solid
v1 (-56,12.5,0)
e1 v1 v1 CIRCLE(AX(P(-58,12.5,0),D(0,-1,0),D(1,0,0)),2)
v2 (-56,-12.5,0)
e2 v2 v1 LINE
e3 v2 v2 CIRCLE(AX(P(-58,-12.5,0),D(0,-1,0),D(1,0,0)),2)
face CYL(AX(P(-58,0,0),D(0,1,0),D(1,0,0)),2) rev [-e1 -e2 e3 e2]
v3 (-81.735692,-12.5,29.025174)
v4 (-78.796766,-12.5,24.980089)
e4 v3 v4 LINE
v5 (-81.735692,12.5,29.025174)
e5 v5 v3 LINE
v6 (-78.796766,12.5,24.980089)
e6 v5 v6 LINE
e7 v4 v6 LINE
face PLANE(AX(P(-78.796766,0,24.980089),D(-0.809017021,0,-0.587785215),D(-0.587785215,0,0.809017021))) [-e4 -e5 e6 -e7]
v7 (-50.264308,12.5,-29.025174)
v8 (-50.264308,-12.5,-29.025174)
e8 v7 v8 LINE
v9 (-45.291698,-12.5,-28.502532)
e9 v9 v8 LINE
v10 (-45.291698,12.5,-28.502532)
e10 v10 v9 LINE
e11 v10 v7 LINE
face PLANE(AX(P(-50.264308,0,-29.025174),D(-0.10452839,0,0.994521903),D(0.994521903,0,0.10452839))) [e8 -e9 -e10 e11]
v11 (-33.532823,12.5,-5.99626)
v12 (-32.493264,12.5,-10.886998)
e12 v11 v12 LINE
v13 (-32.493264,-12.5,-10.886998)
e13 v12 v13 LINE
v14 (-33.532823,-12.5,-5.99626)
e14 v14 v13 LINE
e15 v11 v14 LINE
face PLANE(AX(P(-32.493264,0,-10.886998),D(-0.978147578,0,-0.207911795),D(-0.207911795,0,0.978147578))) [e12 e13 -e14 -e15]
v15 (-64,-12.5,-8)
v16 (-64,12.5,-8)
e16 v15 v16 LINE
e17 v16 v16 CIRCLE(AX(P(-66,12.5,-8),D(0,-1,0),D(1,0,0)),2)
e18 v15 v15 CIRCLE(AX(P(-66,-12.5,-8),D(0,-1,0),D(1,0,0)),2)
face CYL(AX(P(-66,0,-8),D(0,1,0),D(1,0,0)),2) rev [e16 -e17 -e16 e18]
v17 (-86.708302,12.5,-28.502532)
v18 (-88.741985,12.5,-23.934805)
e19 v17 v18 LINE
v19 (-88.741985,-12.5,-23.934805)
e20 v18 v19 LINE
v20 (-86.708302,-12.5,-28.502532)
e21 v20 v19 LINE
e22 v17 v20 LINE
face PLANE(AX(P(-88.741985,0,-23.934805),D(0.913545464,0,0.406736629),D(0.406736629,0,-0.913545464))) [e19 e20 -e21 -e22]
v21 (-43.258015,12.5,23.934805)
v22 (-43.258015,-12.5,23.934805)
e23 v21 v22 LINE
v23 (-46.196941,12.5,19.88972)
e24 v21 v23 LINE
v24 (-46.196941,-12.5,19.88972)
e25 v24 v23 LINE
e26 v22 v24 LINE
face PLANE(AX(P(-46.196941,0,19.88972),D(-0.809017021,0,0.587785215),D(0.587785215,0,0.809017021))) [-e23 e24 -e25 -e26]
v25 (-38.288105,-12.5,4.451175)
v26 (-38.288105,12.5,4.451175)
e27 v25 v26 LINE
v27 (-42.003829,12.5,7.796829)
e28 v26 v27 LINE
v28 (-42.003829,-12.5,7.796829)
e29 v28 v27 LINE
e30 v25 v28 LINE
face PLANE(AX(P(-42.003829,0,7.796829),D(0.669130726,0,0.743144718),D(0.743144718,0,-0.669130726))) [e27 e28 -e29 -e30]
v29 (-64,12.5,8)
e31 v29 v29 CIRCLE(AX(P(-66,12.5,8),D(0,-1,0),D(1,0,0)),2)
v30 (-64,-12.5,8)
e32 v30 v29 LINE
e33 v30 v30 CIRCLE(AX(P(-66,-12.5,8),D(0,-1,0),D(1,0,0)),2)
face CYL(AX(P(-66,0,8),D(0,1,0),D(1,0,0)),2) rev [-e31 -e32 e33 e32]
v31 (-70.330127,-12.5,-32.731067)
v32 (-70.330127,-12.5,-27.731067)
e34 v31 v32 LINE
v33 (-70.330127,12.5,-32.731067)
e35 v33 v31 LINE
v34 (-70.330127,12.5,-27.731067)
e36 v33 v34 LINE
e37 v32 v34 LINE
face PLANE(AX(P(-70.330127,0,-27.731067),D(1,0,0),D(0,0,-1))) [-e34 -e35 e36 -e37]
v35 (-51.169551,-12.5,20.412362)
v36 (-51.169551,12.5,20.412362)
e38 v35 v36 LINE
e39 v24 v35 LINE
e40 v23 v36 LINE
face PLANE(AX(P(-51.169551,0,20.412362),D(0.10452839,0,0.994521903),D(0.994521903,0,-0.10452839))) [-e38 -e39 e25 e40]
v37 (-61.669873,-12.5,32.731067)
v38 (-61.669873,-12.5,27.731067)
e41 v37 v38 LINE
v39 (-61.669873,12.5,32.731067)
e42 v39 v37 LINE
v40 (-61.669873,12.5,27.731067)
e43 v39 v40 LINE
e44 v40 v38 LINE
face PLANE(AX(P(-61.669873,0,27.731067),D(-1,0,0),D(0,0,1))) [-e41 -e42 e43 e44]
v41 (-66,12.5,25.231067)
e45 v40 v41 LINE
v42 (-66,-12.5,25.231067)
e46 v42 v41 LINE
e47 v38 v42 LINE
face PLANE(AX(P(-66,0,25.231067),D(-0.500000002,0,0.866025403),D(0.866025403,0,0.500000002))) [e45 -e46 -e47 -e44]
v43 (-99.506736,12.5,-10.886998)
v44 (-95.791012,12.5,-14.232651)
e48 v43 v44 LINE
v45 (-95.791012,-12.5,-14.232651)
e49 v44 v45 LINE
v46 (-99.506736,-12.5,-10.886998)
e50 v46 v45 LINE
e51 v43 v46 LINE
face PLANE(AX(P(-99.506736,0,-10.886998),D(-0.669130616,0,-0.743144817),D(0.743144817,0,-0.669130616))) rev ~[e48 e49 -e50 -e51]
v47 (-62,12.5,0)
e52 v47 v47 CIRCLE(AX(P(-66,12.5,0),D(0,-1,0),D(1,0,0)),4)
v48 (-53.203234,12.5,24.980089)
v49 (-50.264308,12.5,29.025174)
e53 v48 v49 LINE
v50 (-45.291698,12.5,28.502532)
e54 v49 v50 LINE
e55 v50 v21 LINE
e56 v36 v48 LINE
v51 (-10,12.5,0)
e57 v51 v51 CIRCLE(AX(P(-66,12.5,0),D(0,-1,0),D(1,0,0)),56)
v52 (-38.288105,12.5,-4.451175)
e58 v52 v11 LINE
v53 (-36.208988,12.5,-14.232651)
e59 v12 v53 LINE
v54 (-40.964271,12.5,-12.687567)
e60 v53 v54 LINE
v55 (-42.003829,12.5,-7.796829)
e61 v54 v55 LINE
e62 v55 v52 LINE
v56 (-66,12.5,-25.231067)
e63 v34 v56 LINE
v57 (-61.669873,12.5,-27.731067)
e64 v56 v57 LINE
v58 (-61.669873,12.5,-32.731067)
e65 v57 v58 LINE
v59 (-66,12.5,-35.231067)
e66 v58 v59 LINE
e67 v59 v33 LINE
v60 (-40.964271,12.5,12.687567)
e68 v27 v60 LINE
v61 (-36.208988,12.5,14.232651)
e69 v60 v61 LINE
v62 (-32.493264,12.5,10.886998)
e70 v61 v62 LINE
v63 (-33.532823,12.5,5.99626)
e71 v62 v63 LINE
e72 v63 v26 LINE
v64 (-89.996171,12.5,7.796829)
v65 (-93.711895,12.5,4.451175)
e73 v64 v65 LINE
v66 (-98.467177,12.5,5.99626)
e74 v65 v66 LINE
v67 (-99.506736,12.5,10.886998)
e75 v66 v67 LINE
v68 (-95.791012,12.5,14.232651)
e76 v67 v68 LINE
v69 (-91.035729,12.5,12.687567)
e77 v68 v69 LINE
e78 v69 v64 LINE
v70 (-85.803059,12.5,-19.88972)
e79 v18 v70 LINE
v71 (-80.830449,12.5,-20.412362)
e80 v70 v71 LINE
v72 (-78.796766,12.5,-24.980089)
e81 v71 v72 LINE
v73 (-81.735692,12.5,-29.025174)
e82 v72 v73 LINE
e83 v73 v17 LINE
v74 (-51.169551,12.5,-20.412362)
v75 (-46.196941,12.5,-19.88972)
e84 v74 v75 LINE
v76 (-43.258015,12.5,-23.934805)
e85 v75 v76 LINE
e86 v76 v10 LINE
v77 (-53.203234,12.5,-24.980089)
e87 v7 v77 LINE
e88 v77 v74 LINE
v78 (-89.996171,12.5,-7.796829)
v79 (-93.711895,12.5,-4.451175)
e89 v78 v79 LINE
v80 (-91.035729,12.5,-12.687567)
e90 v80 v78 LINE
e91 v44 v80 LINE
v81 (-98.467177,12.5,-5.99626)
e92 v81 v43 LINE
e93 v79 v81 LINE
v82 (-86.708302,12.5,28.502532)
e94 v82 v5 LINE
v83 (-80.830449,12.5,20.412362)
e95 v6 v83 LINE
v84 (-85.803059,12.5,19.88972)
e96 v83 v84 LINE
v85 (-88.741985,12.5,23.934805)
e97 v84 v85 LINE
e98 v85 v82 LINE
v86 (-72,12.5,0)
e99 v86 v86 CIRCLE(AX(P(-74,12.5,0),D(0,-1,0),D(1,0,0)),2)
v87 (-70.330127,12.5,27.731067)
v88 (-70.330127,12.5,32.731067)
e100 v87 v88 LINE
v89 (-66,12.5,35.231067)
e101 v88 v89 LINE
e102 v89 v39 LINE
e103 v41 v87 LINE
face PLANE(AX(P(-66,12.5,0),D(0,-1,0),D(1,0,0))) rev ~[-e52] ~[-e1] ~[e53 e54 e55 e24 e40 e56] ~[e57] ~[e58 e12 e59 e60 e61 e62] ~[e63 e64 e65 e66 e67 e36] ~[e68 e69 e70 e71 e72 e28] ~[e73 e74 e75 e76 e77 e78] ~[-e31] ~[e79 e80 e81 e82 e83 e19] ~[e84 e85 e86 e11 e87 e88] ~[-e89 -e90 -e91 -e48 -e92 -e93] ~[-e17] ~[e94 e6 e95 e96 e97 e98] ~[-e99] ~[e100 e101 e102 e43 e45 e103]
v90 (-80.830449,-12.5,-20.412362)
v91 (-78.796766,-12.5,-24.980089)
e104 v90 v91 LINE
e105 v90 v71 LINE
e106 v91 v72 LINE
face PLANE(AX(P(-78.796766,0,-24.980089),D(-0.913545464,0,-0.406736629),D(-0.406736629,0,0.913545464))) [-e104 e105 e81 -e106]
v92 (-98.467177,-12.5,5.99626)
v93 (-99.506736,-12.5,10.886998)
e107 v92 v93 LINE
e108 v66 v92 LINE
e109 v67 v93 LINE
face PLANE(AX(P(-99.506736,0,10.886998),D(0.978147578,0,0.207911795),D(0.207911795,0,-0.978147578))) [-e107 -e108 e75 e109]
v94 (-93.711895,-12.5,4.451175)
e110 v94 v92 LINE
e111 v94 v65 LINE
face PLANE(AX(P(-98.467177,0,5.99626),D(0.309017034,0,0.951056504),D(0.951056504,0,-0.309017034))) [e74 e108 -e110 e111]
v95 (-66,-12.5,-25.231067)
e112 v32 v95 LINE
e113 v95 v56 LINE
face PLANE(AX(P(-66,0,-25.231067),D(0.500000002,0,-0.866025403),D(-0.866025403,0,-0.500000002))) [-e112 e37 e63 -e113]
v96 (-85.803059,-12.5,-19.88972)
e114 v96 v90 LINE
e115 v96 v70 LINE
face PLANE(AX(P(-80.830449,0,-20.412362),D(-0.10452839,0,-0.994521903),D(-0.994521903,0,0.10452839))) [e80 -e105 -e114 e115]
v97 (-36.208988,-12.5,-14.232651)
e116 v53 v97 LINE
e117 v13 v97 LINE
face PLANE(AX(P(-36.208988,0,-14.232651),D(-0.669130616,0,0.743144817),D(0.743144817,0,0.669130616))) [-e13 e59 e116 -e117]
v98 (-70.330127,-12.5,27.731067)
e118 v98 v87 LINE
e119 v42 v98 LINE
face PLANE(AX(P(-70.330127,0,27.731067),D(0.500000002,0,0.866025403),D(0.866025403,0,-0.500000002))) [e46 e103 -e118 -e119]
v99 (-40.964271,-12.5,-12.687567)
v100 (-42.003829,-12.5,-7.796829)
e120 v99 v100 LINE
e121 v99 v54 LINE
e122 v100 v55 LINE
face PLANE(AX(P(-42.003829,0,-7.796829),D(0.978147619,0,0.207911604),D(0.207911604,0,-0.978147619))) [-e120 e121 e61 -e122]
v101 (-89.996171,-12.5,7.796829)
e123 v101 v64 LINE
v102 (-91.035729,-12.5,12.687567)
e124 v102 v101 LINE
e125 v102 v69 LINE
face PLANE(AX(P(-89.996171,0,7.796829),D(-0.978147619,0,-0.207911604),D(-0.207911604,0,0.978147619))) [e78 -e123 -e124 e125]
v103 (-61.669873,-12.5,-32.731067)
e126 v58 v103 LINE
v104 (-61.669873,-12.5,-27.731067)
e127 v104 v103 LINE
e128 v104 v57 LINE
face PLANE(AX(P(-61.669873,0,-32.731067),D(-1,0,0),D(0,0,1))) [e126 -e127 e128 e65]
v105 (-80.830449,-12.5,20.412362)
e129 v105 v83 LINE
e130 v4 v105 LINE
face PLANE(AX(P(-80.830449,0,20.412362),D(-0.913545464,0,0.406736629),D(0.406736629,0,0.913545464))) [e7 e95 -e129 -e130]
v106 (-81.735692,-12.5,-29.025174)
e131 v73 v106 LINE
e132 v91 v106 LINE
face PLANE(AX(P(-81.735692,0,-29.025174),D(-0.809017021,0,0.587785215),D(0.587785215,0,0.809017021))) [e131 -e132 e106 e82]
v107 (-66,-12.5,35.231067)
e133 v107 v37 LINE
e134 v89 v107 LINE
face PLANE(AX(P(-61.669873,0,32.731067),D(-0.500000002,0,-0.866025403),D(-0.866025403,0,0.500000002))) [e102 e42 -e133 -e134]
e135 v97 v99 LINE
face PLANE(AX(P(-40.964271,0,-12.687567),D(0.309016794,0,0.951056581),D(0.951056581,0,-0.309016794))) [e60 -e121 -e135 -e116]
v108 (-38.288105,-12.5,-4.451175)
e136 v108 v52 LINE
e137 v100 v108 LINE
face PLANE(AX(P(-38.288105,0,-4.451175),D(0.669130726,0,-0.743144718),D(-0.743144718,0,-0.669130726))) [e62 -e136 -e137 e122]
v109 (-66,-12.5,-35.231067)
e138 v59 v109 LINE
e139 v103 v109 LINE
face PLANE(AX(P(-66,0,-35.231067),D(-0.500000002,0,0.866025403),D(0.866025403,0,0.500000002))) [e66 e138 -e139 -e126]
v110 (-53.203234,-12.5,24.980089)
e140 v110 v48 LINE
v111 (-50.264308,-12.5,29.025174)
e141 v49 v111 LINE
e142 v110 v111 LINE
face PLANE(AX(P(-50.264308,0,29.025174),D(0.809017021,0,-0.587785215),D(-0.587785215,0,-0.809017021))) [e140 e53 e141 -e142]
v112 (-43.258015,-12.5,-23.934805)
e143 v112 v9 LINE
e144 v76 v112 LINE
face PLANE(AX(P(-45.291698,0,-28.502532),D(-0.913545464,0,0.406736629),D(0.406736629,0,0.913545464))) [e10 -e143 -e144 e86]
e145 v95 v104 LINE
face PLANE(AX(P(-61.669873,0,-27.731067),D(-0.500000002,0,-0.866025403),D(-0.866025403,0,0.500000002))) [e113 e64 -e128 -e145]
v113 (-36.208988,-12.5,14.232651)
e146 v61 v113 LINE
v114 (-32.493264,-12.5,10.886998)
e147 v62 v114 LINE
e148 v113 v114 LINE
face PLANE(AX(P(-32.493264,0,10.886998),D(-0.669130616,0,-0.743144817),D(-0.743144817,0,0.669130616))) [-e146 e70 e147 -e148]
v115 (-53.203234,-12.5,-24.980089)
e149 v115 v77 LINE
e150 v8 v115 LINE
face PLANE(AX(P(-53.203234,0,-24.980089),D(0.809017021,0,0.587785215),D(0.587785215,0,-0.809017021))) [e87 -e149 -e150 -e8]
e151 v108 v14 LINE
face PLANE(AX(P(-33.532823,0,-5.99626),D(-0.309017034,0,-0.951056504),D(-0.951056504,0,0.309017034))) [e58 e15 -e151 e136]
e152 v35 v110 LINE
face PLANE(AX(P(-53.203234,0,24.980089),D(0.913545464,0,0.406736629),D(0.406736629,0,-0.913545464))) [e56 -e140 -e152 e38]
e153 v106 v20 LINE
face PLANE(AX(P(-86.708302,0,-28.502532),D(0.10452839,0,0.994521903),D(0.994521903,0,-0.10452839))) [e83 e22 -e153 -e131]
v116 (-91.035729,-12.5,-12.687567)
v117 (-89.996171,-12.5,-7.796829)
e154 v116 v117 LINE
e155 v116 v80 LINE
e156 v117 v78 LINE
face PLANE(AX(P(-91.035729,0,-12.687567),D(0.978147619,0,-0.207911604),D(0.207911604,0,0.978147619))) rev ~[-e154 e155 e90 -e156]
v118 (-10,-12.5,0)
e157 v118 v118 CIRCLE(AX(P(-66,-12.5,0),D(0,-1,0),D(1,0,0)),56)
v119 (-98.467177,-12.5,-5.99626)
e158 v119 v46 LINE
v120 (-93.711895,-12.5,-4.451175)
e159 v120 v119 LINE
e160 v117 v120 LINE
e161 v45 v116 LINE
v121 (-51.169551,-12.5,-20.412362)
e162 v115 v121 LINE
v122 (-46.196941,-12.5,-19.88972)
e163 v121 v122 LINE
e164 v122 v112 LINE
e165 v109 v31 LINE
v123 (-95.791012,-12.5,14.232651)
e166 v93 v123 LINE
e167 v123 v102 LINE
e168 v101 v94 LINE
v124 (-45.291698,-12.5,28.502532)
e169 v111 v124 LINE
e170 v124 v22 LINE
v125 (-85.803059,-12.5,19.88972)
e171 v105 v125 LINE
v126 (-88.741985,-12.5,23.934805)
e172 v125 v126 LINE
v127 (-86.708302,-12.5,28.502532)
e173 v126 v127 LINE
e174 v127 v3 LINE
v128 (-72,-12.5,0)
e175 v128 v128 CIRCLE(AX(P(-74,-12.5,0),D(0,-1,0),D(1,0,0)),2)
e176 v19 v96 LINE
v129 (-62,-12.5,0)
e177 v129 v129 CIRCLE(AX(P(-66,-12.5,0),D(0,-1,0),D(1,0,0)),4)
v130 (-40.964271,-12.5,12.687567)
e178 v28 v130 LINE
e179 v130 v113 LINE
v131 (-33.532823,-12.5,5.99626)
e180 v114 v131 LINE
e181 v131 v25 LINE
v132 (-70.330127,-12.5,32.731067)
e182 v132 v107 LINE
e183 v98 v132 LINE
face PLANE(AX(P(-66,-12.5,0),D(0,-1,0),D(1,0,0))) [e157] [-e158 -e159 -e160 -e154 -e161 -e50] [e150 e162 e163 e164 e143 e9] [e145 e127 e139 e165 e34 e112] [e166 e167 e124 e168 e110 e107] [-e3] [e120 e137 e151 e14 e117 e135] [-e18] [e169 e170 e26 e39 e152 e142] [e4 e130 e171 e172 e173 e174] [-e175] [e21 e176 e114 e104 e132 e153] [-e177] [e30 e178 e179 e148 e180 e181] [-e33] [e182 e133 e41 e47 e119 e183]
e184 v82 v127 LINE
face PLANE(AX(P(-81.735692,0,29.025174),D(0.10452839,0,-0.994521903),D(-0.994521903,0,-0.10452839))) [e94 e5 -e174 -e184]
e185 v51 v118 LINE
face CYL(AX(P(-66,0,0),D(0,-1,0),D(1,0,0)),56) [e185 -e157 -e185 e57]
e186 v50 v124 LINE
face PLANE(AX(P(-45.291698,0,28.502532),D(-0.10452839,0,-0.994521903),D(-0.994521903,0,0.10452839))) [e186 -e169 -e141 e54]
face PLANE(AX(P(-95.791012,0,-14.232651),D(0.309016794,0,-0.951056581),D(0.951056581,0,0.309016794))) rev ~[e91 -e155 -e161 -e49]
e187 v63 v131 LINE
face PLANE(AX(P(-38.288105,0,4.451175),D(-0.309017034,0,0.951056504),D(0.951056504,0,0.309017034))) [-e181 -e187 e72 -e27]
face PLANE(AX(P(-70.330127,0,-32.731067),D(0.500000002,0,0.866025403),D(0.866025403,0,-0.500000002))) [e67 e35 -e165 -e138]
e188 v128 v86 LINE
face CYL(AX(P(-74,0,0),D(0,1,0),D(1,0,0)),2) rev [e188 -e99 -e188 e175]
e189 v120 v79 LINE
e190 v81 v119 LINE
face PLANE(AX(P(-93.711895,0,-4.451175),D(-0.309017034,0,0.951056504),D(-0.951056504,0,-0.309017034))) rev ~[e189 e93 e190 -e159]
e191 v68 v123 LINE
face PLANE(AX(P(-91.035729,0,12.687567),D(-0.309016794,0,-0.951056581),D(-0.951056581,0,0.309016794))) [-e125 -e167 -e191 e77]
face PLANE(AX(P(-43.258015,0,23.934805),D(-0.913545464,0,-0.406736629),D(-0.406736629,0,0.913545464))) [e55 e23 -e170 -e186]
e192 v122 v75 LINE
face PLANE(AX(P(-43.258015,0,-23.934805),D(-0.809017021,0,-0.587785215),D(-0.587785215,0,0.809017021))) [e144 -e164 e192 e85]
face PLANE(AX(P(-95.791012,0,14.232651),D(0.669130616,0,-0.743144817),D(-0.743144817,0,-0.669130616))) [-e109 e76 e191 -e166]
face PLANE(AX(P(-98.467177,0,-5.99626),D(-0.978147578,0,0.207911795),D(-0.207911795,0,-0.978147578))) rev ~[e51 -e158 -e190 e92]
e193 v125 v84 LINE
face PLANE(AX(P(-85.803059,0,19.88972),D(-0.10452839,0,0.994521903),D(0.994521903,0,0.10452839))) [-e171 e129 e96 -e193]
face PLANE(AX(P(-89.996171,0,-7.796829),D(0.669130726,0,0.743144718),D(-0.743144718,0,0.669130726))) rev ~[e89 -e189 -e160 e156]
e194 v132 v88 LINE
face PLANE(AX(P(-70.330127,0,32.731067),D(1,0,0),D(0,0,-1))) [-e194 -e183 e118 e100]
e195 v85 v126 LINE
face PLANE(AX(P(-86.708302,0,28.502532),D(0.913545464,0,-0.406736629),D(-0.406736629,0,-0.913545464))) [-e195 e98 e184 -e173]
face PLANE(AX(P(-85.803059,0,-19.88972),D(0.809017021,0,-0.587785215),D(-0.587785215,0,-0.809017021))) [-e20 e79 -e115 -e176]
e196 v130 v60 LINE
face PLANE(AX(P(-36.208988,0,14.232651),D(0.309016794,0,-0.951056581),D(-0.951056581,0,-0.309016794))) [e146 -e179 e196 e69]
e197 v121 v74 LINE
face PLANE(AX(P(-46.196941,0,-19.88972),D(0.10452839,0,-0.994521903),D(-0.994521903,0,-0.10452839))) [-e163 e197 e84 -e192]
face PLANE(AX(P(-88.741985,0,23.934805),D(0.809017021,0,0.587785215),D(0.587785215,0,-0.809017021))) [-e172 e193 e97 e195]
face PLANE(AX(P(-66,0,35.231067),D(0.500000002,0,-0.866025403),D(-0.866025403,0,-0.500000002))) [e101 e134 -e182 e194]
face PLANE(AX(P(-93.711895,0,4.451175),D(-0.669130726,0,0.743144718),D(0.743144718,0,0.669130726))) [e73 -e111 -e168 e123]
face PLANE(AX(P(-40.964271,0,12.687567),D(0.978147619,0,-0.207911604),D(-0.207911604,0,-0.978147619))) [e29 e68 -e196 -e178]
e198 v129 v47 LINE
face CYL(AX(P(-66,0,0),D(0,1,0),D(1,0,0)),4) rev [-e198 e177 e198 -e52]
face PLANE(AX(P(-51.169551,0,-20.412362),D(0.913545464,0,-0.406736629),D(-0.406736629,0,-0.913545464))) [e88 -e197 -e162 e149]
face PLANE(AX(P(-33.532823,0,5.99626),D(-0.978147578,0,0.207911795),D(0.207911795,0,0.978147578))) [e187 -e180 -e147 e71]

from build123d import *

# Parameters (mm, degrees)
F0_R     = 56
F0_R_2   = 21
F2_DEPTH = 12.5
F3_DEPTH = 25
F0_R_3   = 16
F0_R_4   = 2
F0_R_5   = 4
F4_DEPTH = 12.5


with BuildPart() as f2:
    # F0 (on Front) → F2 (new body, symmetric)
    with BuildSketch(Plane.XZ):
        with Locations((-66, 0)):
            Circle(F0_R)
        with Locations((-66, 0)):
            Circle(F0_R_2, mode=Mode.SUBTRACT)
    extrude(amount=F2_DEPTH, both=True)

    # F1 (on Front) → F3 (cut, symmetric)
    with BuildSketch(Plane.XZ):
        Polygon((-91.035729, 12.687567), (-95.791012, 14.232651), (-99.506736, 10.886998), (-98.467177, 5.99626), (-93.711895, 4.451175), (-89.996171, 7.796829), align=None)
        Polygon((-78.796766, 24.980089), (-81.735692, 29.025174), (-86.708302, 28.502532), (-88.741985, 23.934805), (-85.803059, 19.88972), (-80.830449, 20.412362), align=None)
        Polygon((-66, 25.231067), (-61.669873, 27.731067), (-61.669873, 32.731067), (-66, 35.231067), (-70.330127, 32.731067), (-70.330127, 27.731067), align=None)
        Polygon((-46.196941, 19.88972), (-43.258015, 23.934805), (-45.291698, 28.502532), (-50.264308, 29.025174), (-53.203234, 24.980089), (-51.169551, 20.412362), align=None)
        Polygon((-38.288105, 4.451175), (-33.532823, 5.99626), (-32.493264, 10.886998), (-36.208988, 14.232651), (-40.964271, 12.687567), (-42.003829, 7.796829), align=None)
        Polygon((-40.964271, -12.687567), (-36.208988, -14.232651), (-32.493264, -10.886998), (-33.532823, -5.99626), (-38.288105, -4.451175), (-42.003829, -7.796829), align=None)
        Polygon((-53.203234, -24.980089), (-50.264308, -29.025174), (-45.291698, -28.502532), (-43.258015, -23.934805), (-46.196941, -19.88972), (-51.169551, -20.412362), align=None)
        Polygon((-70.330127, -27.731067), (-70.330127, -32.731067), (-66, -35.231067), (-61.669873, -32.731067), (-61.669873, -27.731067), (-66, -25.231067), align=None)
        Polygon((-85.803059, -19.88972), (-88.741985, -23.934805), (-86.708302, -28.502532), (-81.735692, -29.025174), (-78.796766, -24.980089), (-80.830449, -20.412362), align=None)
        Polygon((-93.711895, -4.451175), (-98.467177, -5.99626), (-99.506736, -10.886998), (-95.791012, -14.232651), (-91.035729, -12.687567), (-89.996171, -7.796829), align=None)
    extrude(amount=F3_DEPTH, both=True, mode=Mode.SUBTRACT)

    # F0 (on Front) → F4 (join, symmetric)
    with BuildSketch(Plane.XZ):
        with Locations((-66, 0)):
            Circle(F0_R_2)
        with Locations((-66, 0)):
            Circle(F0_R_3, mode=Mode.SUBTRACT)
        with Locations((-66, 0)):
            Circle(F0_R_3)
        with Locations((-66, -8)):
            Circle(F0_R_4, mode=Mode.SUBTRACT)
        with Locations((-74, 0)):
            Circle(F0_R_4, mode=Mode.SUBTRACT)
        with Locations((-66, 0)):
            Circle(F0_R_5, mode=Mode.SUBTRACT)
        with Locations((-66, 8)):
            Circle(F0_R_4, mode=Mode.SUBTRACT)
        with Locations((-58, 0)):
            Circle(F0_R_4, mode=Mode.SUBTRACT)
    extrude(amount=F4_DEPTH, both=True)


solid = f2.part
